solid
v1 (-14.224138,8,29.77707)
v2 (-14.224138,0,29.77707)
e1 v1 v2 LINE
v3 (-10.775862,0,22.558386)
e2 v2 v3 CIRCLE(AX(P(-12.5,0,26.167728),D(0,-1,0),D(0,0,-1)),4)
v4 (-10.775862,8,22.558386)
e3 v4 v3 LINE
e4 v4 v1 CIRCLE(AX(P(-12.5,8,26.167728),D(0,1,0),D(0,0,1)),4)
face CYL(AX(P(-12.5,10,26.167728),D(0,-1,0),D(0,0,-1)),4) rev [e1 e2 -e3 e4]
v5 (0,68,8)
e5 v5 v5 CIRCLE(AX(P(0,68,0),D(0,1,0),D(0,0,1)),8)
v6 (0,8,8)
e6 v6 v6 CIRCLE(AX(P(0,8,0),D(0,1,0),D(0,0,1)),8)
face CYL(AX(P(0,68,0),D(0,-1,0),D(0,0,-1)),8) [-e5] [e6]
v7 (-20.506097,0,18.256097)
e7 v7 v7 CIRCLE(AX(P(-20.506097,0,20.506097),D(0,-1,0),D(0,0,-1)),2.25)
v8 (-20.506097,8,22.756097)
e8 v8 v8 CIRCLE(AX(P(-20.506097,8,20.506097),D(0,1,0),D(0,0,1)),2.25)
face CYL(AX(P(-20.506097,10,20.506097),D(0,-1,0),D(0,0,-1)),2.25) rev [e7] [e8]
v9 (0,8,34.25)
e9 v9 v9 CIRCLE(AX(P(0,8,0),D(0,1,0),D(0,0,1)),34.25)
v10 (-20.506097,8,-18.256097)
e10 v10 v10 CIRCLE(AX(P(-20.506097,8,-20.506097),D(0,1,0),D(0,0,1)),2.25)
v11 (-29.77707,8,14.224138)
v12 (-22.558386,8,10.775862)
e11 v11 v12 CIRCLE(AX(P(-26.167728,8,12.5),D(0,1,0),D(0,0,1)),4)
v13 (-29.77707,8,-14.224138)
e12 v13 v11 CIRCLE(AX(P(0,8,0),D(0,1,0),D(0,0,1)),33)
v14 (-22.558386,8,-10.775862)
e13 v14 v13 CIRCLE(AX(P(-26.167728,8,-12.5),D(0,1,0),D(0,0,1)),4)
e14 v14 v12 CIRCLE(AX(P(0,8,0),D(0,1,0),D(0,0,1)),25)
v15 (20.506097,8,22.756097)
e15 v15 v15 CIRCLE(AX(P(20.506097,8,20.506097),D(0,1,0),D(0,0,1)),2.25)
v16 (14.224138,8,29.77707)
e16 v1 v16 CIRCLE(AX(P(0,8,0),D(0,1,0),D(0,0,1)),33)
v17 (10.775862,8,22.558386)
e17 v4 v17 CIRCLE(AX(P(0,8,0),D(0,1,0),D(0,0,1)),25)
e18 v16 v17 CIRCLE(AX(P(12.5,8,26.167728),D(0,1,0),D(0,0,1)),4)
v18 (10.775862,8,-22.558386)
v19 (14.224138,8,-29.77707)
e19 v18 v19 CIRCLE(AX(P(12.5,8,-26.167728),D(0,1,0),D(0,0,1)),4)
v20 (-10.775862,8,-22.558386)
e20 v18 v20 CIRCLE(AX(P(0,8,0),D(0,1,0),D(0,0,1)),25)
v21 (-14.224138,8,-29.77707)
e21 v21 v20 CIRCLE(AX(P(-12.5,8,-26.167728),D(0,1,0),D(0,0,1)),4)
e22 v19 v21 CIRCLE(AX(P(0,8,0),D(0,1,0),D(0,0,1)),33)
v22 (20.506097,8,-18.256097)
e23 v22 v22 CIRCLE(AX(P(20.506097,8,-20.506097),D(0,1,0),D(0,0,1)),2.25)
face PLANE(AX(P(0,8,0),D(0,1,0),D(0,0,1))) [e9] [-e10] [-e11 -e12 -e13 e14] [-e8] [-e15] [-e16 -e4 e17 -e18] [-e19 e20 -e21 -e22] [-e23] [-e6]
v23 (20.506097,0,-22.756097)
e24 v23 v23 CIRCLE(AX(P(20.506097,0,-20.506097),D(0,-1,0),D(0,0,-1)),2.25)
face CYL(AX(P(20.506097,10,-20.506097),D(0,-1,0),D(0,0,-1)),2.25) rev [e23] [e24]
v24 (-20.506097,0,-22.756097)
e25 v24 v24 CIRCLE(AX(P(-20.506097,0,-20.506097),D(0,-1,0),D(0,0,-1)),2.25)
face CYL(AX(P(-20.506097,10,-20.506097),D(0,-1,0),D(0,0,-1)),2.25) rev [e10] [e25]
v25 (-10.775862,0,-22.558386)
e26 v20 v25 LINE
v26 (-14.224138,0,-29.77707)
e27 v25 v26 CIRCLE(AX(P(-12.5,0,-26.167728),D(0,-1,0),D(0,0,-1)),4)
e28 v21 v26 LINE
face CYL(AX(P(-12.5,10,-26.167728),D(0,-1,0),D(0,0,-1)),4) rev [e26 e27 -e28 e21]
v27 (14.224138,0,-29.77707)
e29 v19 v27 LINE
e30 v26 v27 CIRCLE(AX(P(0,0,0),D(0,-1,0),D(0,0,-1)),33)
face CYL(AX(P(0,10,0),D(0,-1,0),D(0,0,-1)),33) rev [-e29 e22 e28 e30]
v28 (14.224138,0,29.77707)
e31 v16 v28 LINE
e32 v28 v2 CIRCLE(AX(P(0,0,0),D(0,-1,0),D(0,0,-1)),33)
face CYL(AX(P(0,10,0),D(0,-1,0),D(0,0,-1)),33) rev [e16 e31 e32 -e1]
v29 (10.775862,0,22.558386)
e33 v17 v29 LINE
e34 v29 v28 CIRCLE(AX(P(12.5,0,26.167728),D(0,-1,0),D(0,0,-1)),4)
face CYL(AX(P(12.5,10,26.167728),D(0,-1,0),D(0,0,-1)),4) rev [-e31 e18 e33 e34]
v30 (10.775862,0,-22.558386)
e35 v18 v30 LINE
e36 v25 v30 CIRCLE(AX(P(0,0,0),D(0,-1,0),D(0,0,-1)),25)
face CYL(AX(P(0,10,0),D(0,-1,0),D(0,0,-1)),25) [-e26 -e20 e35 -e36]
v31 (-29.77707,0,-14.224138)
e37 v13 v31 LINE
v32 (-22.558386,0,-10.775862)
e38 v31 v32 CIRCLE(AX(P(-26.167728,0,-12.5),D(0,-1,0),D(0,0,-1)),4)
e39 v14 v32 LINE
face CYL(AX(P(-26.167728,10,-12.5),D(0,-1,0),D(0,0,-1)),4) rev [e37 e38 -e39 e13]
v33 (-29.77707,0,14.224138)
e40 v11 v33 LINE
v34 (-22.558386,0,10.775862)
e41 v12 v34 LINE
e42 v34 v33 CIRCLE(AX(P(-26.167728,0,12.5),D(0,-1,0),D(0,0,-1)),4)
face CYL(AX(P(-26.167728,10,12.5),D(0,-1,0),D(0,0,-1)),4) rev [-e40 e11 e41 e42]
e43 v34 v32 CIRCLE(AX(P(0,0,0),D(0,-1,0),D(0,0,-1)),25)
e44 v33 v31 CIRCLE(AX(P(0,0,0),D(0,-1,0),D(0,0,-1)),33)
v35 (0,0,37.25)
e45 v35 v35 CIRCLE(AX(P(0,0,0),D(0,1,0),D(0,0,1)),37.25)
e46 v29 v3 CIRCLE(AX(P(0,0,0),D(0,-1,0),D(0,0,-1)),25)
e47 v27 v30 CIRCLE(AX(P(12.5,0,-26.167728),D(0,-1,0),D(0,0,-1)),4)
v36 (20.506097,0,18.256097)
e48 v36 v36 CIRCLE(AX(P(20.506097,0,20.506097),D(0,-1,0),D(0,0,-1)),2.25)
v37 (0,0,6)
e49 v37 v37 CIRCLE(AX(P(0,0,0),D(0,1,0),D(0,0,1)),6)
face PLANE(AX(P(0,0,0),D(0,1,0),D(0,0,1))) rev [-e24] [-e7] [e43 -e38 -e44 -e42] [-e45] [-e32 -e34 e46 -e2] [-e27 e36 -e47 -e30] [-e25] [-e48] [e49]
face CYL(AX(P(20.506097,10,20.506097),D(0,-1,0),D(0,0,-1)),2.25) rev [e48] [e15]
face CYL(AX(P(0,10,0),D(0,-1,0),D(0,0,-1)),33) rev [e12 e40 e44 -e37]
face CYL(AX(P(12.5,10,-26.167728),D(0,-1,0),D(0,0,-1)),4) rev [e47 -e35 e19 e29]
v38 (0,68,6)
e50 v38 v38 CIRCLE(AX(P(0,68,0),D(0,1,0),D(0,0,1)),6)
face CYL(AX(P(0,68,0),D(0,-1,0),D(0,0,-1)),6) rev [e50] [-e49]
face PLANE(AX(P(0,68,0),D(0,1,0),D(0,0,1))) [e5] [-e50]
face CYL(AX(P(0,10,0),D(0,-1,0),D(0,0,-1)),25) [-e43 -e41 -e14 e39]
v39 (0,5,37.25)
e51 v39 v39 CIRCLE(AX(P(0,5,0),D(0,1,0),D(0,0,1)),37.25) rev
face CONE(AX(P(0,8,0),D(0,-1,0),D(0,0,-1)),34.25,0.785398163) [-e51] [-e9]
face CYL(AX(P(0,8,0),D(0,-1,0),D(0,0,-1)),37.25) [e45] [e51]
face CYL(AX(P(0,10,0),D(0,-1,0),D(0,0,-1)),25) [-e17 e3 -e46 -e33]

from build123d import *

# Parameters (mm, degrees)
SKETCH1_R           = 37.25
BOSS_EXTRUDE1_DEPTH = 8
SKETCH2_R           = 8
SKETCH2_R_2         = 6
BOSS_EXTRUDE2_DEPTH = 60
CHAMFER1_SIZE       = 3
CUT_EXTRUDE1_START  = -10
SKETCH3_R           = 6
CUT_EXTRUDE1_DEPTH  = 10
SKETCH4_R           = 2.25
CUT_EXTRUDE2_DEPTH  = 10


with BuildPart() as part:
    # Sketch1 → Boss-Extrude1 (new body)
    with BuildSketch(Plane(origin=(0, 0, 0), x_dir=(1, 0, 0), z_dir=(0, 1, 0))):
        with Locations(Location((0, 0, 0), (0, 0, 270))):
            Circle(SKETCH1_R)
    extrude(amount=BOSS_EXTRUDE1_DEPTH)

    # Sketch2 → Boss-Extrude2 (add)
    with BuildSketch(Plane(origin=(0, 8, 0), x_dir=(1, 0, 0), z_dir=(0, 1, 0))):
        with Locations(Location((0, 0, 0), (0, 0, 270))):
            Circle(SKETCH2_R)
        with Locations(Location((0, 0, 0), (0, 0, 270))):
            Circle(SKETCH2_R_2, mode=Mode.SUBTRACT)
    extrude(amount=BOSS_EXTRUDE2_DEPTH)

    # Chamfer1
    chamfer1_edges = [part.edges().sort_by_distance(p)[0] for p in [
        (0, 8, -37.25),
    ]]
    chamfer(chamfer1_edges, length=CHAMFER1_SIZE)

    # Sketch3 → Cut-Extrude1 (cut)
    with BuildSketch(Plane(origin=(0, 8, 0), x_dir=(1, 0, 0), z_dir=(0, 1, 0)).offset(CUT_EXTRUDE1_START)):
        with Locations(Location((0, 0, 0), (0, 0, 270))):
            Circle(SKETCH3_R)
    extrude(amount=CUT_EXTRUDE1_DEPTH, mode=Mode.SUBTRACT)

    # Sketch4 → Cut-Extrude2 (cut)
    with BuildSketch(Plane(origin=(0, 0, 0), x_dir=(-1, 0, 0), z_dir=(0, -1, 0))):
        with Locations(Location((20.506096654, 20.506096654, 0), (0, 0, 90))):
            Circle(SKETCH4_R)
        with Locations(Location((20.506096654, -20.506096654, 0), (0, 0, 90))):
            Circle(SKETCH4_R)
        with Locations(Location((-20.506096654, -20.506096654, 0), (0, 0, 90))):
            Circle(SKETCH4_R)
        with Locations(Location((-20.506096654, 20.506096654, 0), (0, 0, 90))):
            Circle(SKETCH4_R)
        with BuildLine():
            ThreePointArc((29.777070039, -14.224137931), (33, 0), (29.777070039, 14.224137931))
            ThreePointArc((29.777070039, 14.224137931), (24.443590285, 16.109341823), (22.558386393, 10.775862069))
            ThreePointArc((22.558386393, 10.775862069), (25, 0), (22.558386393, -10.775862069))
            ThreePointArc((22.558386393, -10.775862069), (24.443590285, -16.109341823), (29.777070039, -14.224137931))
        make_face()
        with BuildLine():
            ThreePointArc((-14.224137931, -29.777070039), (0, -33), (14.224137931, -29.777070039))
            ThreePointArc((14.224137931, -29.777070039), (16.109341823, -24.443590285), (10.775862069, -22.558386393))
            ThreePointArc((10.775862069, -22.558386393), (0, -25), (-10.775862069, -22.558386393))
            ThreePointArc((-10.775862069, -22.558386393), (-16.109341823, -24.443590285), (-14.224137931, -29.777070039))
        make_face()
        with BuildLine():
            ThreePointArc((14.224137931, 29.777070039), (0, 33), (-14.224137931, 29.777070039))
            ThreePointArc((-14.224137931, 29.777070039), (-16.109341823, 24.443590285), (-10.775862069, 22.558386393))
            ThreePointArc((-10.775862069, 22.558386393), (0, 25), (10.775862069, 22.558386393))
            ThreePointArc((10.775862069, 22.558386393), (16.109341823, 24.443590285), (14.224137931, 29.777070039))
        make_face()
    extrude(amount=-CUT_EXTRUDE2_DEPTH, mode=Mode.SUBTRACT)


solid = part.part
